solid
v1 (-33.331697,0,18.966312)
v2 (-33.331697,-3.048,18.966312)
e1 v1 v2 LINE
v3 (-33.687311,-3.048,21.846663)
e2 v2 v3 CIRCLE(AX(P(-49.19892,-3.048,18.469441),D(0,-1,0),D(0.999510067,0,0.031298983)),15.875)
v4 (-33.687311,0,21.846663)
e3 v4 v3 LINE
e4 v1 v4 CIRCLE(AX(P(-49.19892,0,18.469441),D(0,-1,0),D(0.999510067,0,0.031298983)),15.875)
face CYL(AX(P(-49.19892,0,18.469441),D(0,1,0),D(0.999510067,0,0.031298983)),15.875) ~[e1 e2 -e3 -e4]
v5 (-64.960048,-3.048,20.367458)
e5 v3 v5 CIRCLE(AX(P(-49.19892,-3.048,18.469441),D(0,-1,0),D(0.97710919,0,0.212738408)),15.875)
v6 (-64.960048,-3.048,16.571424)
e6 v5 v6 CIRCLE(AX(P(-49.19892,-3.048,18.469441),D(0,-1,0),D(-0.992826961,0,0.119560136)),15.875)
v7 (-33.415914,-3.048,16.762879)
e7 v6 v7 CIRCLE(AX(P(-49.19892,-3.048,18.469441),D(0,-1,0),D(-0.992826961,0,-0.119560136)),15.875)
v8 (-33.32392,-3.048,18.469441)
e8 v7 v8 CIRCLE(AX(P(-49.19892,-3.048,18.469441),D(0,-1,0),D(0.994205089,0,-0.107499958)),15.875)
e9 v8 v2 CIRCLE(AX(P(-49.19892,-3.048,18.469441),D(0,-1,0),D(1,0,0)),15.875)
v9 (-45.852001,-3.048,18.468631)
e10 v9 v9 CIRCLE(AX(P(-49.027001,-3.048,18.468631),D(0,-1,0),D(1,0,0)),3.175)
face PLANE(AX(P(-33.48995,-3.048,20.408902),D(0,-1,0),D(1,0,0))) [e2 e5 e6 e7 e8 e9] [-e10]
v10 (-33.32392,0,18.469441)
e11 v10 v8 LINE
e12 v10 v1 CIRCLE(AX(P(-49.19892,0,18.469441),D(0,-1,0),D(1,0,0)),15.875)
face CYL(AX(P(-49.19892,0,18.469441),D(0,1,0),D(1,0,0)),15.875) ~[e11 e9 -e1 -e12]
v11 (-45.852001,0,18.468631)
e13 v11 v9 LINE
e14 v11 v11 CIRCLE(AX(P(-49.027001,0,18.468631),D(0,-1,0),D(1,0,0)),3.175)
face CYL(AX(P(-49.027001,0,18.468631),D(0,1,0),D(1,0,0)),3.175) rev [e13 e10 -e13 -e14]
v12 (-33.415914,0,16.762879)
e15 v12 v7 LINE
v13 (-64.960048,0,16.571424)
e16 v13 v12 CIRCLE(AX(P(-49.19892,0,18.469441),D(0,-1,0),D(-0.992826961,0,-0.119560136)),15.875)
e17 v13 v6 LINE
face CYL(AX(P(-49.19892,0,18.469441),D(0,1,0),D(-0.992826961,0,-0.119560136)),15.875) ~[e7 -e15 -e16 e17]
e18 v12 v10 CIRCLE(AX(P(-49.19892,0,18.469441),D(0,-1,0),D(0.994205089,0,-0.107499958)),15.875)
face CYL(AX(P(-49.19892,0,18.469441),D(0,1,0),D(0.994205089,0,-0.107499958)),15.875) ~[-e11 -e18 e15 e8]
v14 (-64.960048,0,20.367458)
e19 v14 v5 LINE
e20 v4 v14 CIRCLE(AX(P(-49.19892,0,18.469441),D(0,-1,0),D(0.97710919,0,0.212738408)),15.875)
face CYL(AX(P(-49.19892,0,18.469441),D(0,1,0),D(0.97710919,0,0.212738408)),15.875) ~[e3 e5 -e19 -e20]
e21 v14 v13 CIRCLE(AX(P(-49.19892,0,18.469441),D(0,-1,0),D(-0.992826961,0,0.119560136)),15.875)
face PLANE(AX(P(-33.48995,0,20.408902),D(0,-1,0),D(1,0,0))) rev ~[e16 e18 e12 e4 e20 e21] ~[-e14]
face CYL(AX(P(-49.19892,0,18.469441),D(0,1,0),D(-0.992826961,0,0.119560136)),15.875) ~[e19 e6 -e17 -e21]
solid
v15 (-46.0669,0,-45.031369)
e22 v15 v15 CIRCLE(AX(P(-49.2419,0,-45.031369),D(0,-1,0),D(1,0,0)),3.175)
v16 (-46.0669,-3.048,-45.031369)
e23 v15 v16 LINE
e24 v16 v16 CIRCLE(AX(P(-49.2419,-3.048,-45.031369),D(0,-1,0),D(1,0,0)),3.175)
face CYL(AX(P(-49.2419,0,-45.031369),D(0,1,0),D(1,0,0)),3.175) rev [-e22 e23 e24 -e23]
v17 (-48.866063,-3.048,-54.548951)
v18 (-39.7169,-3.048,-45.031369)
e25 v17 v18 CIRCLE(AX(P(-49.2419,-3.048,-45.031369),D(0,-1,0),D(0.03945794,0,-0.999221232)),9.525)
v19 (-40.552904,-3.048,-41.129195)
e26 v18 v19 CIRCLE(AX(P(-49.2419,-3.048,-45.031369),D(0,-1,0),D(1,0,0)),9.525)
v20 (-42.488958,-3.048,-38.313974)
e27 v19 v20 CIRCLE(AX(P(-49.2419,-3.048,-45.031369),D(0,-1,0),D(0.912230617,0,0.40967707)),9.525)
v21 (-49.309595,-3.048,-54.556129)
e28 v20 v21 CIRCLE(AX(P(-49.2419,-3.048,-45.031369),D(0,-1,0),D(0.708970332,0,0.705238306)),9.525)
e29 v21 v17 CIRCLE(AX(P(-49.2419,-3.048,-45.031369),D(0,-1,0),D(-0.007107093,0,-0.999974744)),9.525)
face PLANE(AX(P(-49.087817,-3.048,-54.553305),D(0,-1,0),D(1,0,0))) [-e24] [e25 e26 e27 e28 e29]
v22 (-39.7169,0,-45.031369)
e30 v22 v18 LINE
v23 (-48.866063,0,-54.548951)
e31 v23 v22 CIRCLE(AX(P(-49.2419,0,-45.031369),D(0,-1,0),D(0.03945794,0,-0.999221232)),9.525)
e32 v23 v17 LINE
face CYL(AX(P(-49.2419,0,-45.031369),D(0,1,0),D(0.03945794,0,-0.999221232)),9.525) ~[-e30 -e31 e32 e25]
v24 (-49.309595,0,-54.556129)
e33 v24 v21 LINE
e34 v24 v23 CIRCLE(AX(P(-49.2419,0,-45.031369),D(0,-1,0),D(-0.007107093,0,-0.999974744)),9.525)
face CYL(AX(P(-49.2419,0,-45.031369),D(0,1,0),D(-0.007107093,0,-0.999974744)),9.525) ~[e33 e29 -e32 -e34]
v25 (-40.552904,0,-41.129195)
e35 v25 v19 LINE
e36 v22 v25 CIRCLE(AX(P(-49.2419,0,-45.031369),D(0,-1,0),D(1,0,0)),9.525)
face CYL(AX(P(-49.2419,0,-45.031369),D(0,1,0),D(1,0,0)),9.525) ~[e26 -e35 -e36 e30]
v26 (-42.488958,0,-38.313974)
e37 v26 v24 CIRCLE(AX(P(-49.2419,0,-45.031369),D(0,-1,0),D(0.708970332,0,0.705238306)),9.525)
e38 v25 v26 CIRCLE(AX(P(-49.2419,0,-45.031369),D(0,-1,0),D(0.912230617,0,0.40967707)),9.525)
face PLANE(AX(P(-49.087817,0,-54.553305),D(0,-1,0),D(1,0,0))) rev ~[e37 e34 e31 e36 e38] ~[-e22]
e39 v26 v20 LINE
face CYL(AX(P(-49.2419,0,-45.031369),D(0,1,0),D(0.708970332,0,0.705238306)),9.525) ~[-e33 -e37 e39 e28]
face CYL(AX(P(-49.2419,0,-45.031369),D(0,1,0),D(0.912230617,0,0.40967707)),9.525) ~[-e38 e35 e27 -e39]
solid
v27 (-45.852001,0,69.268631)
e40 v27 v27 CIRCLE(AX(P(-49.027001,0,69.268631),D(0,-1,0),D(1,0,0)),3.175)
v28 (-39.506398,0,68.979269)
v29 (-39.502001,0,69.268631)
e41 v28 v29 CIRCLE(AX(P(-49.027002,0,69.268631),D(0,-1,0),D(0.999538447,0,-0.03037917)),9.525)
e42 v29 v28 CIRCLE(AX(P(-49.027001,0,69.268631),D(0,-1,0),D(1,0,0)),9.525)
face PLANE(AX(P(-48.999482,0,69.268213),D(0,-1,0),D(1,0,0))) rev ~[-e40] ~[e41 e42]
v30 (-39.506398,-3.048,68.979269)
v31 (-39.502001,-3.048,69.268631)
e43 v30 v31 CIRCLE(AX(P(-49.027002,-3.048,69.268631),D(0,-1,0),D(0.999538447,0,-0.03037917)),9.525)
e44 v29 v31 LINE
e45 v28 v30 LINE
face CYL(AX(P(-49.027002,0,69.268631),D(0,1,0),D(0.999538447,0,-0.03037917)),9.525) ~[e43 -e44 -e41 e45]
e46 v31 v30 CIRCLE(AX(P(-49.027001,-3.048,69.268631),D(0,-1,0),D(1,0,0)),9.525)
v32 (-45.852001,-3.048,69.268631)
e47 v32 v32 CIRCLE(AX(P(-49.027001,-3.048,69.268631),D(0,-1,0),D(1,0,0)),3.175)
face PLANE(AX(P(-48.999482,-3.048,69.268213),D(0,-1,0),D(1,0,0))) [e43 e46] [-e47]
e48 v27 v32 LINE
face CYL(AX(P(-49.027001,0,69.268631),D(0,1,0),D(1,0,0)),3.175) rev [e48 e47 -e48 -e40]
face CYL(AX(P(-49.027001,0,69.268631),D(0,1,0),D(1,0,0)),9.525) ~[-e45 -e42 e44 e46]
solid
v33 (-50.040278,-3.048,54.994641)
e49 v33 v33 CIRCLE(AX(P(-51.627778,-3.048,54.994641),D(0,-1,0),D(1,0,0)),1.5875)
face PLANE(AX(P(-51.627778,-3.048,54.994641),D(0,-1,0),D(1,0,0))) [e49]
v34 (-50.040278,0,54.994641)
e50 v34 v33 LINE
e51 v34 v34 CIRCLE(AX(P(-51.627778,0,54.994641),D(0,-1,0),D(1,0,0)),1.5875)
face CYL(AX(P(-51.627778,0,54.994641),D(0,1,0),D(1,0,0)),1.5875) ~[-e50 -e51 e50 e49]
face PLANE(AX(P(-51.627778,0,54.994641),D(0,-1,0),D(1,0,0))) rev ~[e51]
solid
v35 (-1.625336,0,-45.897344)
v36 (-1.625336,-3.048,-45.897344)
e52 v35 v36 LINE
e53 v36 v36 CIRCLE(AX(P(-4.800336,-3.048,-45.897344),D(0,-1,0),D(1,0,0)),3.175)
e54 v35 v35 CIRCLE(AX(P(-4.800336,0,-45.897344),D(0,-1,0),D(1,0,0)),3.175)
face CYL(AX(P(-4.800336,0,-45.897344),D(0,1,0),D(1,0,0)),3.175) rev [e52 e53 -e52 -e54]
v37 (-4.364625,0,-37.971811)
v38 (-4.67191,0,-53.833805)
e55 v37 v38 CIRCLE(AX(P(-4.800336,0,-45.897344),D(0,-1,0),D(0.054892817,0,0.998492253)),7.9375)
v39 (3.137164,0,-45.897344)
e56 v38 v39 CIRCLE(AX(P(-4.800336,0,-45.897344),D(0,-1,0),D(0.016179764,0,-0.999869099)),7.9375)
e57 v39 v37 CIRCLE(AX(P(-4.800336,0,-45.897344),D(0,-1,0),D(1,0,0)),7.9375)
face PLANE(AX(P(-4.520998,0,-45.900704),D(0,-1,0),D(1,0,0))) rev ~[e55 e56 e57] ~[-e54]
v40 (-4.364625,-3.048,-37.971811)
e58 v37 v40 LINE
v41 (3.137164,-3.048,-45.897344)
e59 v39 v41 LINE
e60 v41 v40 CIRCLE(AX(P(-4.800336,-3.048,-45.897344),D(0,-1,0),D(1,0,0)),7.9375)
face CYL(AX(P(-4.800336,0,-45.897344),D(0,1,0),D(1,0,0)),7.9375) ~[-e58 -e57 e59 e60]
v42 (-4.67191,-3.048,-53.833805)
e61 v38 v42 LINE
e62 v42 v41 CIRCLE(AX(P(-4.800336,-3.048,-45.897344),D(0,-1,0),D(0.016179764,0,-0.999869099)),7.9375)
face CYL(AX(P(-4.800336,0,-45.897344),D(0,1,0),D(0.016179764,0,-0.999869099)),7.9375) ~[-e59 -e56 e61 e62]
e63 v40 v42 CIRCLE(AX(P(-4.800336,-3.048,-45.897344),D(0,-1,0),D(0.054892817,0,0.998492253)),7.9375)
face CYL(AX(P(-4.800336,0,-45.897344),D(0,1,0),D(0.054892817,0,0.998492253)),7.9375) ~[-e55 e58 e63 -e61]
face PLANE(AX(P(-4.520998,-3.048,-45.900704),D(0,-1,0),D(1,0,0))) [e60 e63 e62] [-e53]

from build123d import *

# Parameters (mm, degrees)
F0_R     = 3.175
F1_DEPTH = 3.048
F0_R_2   = 1.5875


with BuildPart() as f1:
    # F0 (on Front) → F1 (new body)
    with BuildSketch(Plane.XZ):
        with BuildLine():
            ThreePointArc((-39.5063975536, 68.9792692733), (-39.5031003941, 69.1239333763), (-39.5020012563, 69.268630874))
            ThreePointArc((-39.5020012563, 69.268630874), (-58.5509021186, 69.4133283718), (-39.5063975536, 68.9792692733))
        make_face()
        with Locations((-49.0270012563, 69.268630874)):
            Circle(F0_R, mode=Mode.SUBTRACT)
    extrude(amount=F1_DEPTH)


with BuildPart() as f1b:
    # F0 (on Front) → F1, piece 2 (new body)
    with BuildSketch(Plane.XZ):
        with BuildLine():
            ThreePointArc((-49.3095952986, -54.5561285654), (-49.0877875384, -54.5551222873), (-48.8660633521, -54.548951363))
            Line((-48.8660633521, -54.548951363), (-49.3095952986, -54.5561285654))
        make_face()
        with BuildLine():
            Line((-49.3095952986, -54.5561285654), (-48.8660633521, -54.548951363))
            ThreePointArc((-48.8660633521, -54.548951363), (-42.3751152762, -51.6323455199), (-39.7169002332, -45.031369126))
            ThreePointArc((-39.7169002332, -45.031369126), (-39.9282457987, -43.0360079871), (-40.5529036084, -41.1291950327))
            Line((-40.5529036084, -41.1291950327), (-42.4889578182, -38.3139742634))
            ThreePointArc((-42.4889578182, -38.3139742634), (-58.0239858126, -41.343470283), (-49.3095952986, -54.5561285654))
        make_face()
        with Locations((-49.2419002332, -45.031369126)):
            Circle(F0_R, mode=Mode.SUBTRACT)
        with BuildLine():
            ThreePointArc((-40.5529036084, -41.1291950327), (-41.3936687559, -39.6340653845), (-42.4889578182, -38.3139742634))
            Line((-42.4889578182, -38.3139742634), (-40.5529036084, -41.1291950327))
        make_face()
    extrude(amount=F1_DEPTH)


with BuildPart() as f1c:
    # F0 (on Front) → F1, piece 3 (new body)
    with BuildSketch(Plane.XZ):
        with BuildLine():
            ThreePointArc((3.1371635102, -45.8973437433), (0.9643130299, -40.4409051461), (-4.364624752, -37.9718114879))
            ThreePointArc((-4.364624752, -37.9718114879), (-12.7363474773, -45.7436041714), (-4.6719096149, -53.8338047171))
            ThreePointArc((-4.6719096149, -53.8338047171), (0.8575471503, -51.4644128974), (3.1371635102, -45.8973437433))
        make_face()
        with Locations((-4.8003364898, -45.8973437433)):
            Circle(F0_R, mode=Mode.SUBTRACT)
    extrude(amount=F1_DEPTH)


with BuildPart() as f1d:
    # F0 (on Front) → F1, piece 4 (new body)
    with BuildSketch(Plane.XZ):
        with BuildLine():
            ThreePointArc((-33.3316972701, 18.9663124906), (-33.443544009, 20.4146315159), (-33.6873111867, 21.8466633784))
            Line((-33.6873111867, 21.8466633784), (-33.3316972701, 18.9663124906))
        make_face()
        with BuildLine():
            Line((-33.3316972701, 18.9663124906), (-33.6873111867, 21.8466633784))
            ThreePointArc((-33.6873111867, 21.8466633784), (-49.9489708596, 34.3267122861), (-64.9600475817, 20.3674583055))
            ThreePointArc((-64.9600475817, 20.3674583055), (-65.073919581, 18.4694411439), (-64.9600475817, 16.5714239823))
            ThreePointArc((-64.9600475817, 16.5714239823), (-49.1025689448, 2.5947335385), (-33.4159137928, 16.7628793108))
            ThreePointArc((-33.4159137928, 16.7628793108), (-33.3469348175, 17.6149213628), (-33.323919581, 18.4694411439))
            ThreePointArc((-33.323919581, 18.4694411439), (-33.3258641224, 18.717907252), (-33.3316972701, 18.9663124906))
        make_face()
        with Locations((-49.0270012563, 18.468630874)):
            Circle(F0_R, mode=Mode.SUBTRACT)
    extrude(amount=F1_DEPTH)


with BuildPart() as f1e:
    # F0 (on Front) → F1, piece 5 (new body)
    with BuildSketch(Plane.XZ):
        with Locations((-51.6277775168, 54.9946411439)):
            Circle(F0_R_2)
    extrude(amount=F1_DEPTH)


solid = Compound([f1.part, f1b.part, f1c.part, f1d.part, f1e.part])
